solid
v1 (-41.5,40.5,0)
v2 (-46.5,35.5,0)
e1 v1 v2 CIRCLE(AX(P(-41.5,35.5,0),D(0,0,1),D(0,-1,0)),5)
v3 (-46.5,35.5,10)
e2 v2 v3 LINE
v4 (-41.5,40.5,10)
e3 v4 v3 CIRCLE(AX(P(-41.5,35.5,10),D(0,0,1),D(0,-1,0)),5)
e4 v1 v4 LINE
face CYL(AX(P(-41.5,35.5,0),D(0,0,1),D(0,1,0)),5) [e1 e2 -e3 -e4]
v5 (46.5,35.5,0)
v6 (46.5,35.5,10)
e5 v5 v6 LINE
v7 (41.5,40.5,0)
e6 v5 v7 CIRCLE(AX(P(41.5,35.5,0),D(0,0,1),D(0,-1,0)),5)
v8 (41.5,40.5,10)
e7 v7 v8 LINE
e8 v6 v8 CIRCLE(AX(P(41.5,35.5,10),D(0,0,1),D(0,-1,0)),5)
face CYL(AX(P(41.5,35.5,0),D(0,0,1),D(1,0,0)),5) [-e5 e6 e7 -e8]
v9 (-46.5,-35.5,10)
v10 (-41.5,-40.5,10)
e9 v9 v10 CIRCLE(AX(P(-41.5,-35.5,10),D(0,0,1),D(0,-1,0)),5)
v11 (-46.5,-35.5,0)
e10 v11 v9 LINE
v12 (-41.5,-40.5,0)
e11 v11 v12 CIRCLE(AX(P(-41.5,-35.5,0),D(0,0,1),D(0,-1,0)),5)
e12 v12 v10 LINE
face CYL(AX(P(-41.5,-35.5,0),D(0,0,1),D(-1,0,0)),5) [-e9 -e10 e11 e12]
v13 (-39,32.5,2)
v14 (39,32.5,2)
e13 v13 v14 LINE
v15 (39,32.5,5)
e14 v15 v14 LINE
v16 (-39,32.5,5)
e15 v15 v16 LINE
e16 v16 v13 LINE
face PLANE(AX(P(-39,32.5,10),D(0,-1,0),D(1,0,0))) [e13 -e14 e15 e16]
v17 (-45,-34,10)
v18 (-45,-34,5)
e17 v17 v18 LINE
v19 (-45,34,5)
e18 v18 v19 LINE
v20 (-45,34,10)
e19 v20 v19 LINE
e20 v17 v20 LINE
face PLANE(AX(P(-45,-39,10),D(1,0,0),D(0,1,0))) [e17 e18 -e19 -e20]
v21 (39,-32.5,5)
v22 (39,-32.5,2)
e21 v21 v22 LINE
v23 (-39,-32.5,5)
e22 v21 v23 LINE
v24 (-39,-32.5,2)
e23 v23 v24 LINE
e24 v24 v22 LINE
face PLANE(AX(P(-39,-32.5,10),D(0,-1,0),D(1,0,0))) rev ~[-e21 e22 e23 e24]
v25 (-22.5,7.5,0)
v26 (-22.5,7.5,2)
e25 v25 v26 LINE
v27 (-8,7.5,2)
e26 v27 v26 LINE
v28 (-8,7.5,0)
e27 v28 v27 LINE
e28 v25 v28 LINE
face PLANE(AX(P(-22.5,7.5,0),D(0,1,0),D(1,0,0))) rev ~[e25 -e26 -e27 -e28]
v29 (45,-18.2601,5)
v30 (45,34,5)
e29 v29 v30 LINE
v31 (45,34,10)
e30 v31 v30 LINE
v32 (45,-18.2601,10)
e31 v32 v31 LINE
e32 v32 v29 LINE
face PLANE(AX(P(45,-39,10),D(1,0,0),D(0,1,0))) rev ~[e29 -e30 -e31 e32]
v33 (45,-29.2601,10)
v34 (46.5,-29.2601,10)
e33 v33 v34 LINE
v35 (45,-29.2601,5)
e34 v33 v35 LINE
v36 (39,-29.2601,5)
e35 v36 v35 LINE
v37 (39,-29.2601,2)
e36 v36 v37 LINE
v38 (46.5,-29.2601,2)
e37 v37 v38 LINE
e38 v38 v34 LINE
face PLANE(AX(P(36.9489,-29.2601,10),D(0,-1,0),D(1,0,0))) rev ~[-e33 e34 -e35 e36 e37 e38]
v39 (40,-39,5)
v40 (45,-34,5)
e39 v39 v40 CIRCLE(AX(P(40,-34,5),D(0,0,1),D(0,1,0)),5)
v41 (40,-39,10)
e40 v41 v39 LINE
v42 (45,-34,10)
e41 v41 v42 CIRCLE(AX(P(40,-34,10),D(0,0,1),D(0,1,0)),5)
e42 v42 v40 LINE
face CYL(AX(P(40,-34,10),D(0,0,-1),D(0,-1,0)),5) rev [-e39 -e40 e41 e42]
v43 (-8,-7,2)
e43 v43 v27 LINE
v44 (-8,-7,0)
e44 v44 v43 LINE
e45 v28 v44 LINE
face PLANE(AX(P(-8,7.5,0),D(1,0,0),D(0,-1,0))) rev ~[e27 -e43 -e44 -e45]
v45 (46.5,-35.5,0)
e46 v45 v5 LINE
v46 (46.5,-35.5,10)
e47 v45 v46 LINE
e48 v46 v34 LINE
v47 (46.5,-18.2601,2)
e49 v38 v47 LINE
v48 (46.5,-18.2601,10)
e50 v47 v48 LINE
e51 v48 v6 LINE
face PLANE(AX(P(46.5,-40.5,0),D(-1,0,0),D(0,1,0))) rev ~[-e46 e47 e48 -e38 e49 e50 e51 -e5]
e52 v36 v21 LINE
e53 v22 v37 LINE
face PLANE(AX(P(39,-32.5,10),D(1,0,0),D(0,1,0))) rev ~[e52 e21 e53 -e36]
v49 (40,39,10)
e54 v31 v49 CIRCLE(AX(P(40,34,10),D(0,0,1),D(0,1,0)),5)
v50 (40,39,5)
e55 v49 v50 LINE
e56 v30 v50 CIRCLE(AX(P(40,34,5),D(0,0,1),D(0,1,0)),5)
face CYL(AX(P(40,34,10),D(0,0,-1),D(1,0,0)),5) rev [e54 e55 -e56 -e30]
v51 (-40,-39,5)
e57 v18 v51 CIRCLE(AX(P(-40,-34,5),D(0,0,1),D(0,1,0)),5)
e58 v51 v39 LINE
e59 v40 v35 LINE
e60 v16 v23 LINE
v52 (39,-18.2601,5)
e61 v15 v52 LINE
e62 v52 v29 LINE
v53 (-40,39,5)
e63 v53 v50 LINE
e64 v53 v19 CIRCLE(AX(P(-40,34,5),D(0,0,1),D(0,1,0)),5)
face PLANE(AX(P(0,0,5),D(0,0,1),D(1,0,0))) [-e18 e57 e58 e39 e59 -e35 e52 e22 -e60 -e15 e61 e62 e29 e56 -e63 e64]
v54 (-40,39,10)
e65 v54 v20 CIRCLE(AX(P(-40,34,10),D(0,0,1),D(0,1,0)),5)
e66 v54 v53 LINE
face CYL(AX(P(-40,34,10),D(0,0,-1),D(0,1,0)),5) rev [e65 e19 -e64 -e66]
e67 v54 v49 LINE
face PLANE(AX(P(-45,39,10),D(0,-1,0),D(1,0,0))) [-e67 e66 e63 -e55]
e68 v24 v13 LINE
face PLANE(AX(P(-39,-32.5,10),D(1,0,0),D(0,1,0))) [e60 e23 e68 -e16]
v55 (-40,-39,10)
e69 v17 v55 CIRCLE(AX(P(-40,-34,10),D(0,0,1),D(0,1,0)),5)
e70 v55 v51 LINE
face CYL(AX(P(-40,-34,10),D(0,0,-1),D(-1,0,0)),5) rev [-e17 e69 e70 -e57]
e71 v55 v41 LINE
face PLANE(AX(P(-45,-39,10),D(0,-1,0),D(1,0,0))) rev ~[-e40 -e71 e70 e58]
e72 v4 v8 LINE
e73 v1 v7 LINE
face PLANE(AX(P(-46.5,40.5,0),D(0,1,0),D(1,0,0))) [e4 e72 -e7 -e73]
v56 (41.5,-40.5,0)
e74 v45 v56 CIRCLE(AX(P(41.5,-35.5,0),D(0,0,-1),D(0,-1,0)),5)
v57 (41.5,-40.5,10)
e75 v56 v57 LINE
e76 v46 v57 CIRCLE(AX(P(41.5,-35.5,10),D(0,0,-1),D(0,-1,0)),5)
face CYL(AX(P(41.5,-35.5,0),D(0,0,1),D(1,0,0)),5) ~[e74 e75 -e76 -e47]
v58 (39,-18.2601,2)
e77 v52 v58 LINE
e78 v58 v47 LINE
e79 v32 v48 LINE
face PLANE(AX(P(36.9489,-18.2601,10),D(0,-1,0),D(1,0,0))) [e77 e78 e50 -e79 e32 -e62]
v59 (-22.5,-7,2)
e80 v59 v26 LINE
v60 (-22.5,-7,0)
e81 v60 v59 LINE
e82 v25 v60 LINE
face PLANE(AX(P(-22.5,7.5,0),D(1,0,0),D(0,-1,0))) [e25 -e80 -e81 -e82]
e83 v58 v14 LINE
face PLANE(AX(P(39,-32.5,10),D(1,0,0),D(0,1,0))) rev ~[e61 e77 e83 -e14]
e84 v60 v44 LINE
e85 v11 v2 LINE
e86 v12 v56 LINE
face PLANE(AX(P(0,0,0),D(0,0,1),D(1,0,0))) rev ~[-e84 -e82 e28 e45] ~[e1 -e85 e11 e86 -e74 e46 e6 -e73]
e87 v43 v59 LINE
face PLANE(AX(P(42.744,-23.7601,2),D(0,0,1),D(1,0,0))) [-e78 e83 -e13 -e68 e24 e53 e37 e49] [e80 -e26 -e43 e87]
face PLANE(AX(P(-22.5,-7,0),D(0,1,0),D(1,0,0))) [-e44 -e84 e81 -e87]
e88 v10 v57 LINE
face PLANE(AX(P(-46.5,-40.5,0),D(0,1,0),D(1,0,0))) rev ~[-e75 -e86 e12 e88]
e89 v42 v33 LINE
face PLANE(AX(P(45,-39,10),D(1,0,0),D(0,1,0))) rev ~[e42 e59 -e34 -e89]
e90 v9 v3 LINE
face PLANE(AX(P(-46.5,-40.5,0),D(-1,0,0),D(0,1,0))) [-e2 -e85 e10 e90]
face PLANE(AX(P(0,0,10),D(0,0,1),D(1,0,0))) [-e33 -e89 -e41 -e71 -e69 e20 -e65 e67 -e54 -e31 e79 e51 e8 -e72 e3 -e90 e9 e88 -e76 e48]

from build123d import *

# Parameters (mm, degrees)
SKETCH_W        = 93
SKETCH_H        = 81
PAD_DEPTH       = 10
SKETCH001_W     = 78
SKETCH001_H     = 65
POCKET_DEPTH    = 8
SKETCH002_W     = 90
SKETCH002_H     = 78
POCKET001_DEPTH = 5
SKETCH003_W     = 11.5902
SKETCH003_H     = 11
POCKET002_DEPTH = 8
FILLET_R        = 5
FILLET001_R     = 5
SKETCH004_W     = 14.5
SKETCH004_H     = 14.5
POCKET003_DEPTH = 10.001


with BuildPart() as part:
    # Sketch → Pad (new body)
    with BuildSketch(Plane.XY):
        Rectangle(SKETCH_W, SKETCH_H)
    extrude(amount=PAD_DEPTH)

    # Sketch001 → Pocket (cut)
    with BuildSketch(Plane.XY.offset(10)):
        Rectangle(SKETCH001_W, SKETCH001_H)
    extrude(amount=-POCKET_DEPTH, mode=Mode.SUBTRACT)

    # Sketch002 → Pocket001 (cut)
    with BuildSketch(Plane.XY.offset(10)):
        Rectangle(SKETCH002_W, SKETCH002_H)
    extrude(amount=-POCKET001_DEPTH, mode=Mode.SUBTRACT)

    # Sketch003 → Pocket002 (cut)
    with BuildSketch(Plane.XY.offset(10)):
        with Locations((42.744, -23.7601)):
            Rectangle(SKETCH003_W, SKETCH003_H)
    extrude(amount=-POCKET002_DEPTH, mode=Mode.SUBTRACT)

    # Fillet
    fillet_edges = [part.edges().sort_by_distance(p)[0] for p in [
        (45, 39, 7.5),
        (-45, 39, 7.5),
        (45, -39, 7.5),
        (-45, -39, 7.5),
    ]]
    fillet(fillet_edges, radius=FILLET_R)

    # Fillet001
    fillet001_edges = [part.edges().sort_by_distance(p)[0] for p in [
        (46.5, -40.5, 5),
        (-46.5, -40.5, 5),
        (-46.5, 40.5, 5),
        (46.5, 40.5, 5),
    ]]
    fillet(fillet001_edges, radius=FILLET001_R)

    # Sketch004 → Pocket003 (cut, through all)
    with BuildSketch(Plane(origin=(0, 0, 0), x_dir=(1, 0, 0), z_dir=(0, 0, -1))):
        with Locations((-15.25, -0.25)):
            Rectangle(SKETCH004_W, SKETCH004_H)
    extrude(amount=-POCKET003_DEPTH, mode=Mode.SUBTRACT)


solid = part.part
